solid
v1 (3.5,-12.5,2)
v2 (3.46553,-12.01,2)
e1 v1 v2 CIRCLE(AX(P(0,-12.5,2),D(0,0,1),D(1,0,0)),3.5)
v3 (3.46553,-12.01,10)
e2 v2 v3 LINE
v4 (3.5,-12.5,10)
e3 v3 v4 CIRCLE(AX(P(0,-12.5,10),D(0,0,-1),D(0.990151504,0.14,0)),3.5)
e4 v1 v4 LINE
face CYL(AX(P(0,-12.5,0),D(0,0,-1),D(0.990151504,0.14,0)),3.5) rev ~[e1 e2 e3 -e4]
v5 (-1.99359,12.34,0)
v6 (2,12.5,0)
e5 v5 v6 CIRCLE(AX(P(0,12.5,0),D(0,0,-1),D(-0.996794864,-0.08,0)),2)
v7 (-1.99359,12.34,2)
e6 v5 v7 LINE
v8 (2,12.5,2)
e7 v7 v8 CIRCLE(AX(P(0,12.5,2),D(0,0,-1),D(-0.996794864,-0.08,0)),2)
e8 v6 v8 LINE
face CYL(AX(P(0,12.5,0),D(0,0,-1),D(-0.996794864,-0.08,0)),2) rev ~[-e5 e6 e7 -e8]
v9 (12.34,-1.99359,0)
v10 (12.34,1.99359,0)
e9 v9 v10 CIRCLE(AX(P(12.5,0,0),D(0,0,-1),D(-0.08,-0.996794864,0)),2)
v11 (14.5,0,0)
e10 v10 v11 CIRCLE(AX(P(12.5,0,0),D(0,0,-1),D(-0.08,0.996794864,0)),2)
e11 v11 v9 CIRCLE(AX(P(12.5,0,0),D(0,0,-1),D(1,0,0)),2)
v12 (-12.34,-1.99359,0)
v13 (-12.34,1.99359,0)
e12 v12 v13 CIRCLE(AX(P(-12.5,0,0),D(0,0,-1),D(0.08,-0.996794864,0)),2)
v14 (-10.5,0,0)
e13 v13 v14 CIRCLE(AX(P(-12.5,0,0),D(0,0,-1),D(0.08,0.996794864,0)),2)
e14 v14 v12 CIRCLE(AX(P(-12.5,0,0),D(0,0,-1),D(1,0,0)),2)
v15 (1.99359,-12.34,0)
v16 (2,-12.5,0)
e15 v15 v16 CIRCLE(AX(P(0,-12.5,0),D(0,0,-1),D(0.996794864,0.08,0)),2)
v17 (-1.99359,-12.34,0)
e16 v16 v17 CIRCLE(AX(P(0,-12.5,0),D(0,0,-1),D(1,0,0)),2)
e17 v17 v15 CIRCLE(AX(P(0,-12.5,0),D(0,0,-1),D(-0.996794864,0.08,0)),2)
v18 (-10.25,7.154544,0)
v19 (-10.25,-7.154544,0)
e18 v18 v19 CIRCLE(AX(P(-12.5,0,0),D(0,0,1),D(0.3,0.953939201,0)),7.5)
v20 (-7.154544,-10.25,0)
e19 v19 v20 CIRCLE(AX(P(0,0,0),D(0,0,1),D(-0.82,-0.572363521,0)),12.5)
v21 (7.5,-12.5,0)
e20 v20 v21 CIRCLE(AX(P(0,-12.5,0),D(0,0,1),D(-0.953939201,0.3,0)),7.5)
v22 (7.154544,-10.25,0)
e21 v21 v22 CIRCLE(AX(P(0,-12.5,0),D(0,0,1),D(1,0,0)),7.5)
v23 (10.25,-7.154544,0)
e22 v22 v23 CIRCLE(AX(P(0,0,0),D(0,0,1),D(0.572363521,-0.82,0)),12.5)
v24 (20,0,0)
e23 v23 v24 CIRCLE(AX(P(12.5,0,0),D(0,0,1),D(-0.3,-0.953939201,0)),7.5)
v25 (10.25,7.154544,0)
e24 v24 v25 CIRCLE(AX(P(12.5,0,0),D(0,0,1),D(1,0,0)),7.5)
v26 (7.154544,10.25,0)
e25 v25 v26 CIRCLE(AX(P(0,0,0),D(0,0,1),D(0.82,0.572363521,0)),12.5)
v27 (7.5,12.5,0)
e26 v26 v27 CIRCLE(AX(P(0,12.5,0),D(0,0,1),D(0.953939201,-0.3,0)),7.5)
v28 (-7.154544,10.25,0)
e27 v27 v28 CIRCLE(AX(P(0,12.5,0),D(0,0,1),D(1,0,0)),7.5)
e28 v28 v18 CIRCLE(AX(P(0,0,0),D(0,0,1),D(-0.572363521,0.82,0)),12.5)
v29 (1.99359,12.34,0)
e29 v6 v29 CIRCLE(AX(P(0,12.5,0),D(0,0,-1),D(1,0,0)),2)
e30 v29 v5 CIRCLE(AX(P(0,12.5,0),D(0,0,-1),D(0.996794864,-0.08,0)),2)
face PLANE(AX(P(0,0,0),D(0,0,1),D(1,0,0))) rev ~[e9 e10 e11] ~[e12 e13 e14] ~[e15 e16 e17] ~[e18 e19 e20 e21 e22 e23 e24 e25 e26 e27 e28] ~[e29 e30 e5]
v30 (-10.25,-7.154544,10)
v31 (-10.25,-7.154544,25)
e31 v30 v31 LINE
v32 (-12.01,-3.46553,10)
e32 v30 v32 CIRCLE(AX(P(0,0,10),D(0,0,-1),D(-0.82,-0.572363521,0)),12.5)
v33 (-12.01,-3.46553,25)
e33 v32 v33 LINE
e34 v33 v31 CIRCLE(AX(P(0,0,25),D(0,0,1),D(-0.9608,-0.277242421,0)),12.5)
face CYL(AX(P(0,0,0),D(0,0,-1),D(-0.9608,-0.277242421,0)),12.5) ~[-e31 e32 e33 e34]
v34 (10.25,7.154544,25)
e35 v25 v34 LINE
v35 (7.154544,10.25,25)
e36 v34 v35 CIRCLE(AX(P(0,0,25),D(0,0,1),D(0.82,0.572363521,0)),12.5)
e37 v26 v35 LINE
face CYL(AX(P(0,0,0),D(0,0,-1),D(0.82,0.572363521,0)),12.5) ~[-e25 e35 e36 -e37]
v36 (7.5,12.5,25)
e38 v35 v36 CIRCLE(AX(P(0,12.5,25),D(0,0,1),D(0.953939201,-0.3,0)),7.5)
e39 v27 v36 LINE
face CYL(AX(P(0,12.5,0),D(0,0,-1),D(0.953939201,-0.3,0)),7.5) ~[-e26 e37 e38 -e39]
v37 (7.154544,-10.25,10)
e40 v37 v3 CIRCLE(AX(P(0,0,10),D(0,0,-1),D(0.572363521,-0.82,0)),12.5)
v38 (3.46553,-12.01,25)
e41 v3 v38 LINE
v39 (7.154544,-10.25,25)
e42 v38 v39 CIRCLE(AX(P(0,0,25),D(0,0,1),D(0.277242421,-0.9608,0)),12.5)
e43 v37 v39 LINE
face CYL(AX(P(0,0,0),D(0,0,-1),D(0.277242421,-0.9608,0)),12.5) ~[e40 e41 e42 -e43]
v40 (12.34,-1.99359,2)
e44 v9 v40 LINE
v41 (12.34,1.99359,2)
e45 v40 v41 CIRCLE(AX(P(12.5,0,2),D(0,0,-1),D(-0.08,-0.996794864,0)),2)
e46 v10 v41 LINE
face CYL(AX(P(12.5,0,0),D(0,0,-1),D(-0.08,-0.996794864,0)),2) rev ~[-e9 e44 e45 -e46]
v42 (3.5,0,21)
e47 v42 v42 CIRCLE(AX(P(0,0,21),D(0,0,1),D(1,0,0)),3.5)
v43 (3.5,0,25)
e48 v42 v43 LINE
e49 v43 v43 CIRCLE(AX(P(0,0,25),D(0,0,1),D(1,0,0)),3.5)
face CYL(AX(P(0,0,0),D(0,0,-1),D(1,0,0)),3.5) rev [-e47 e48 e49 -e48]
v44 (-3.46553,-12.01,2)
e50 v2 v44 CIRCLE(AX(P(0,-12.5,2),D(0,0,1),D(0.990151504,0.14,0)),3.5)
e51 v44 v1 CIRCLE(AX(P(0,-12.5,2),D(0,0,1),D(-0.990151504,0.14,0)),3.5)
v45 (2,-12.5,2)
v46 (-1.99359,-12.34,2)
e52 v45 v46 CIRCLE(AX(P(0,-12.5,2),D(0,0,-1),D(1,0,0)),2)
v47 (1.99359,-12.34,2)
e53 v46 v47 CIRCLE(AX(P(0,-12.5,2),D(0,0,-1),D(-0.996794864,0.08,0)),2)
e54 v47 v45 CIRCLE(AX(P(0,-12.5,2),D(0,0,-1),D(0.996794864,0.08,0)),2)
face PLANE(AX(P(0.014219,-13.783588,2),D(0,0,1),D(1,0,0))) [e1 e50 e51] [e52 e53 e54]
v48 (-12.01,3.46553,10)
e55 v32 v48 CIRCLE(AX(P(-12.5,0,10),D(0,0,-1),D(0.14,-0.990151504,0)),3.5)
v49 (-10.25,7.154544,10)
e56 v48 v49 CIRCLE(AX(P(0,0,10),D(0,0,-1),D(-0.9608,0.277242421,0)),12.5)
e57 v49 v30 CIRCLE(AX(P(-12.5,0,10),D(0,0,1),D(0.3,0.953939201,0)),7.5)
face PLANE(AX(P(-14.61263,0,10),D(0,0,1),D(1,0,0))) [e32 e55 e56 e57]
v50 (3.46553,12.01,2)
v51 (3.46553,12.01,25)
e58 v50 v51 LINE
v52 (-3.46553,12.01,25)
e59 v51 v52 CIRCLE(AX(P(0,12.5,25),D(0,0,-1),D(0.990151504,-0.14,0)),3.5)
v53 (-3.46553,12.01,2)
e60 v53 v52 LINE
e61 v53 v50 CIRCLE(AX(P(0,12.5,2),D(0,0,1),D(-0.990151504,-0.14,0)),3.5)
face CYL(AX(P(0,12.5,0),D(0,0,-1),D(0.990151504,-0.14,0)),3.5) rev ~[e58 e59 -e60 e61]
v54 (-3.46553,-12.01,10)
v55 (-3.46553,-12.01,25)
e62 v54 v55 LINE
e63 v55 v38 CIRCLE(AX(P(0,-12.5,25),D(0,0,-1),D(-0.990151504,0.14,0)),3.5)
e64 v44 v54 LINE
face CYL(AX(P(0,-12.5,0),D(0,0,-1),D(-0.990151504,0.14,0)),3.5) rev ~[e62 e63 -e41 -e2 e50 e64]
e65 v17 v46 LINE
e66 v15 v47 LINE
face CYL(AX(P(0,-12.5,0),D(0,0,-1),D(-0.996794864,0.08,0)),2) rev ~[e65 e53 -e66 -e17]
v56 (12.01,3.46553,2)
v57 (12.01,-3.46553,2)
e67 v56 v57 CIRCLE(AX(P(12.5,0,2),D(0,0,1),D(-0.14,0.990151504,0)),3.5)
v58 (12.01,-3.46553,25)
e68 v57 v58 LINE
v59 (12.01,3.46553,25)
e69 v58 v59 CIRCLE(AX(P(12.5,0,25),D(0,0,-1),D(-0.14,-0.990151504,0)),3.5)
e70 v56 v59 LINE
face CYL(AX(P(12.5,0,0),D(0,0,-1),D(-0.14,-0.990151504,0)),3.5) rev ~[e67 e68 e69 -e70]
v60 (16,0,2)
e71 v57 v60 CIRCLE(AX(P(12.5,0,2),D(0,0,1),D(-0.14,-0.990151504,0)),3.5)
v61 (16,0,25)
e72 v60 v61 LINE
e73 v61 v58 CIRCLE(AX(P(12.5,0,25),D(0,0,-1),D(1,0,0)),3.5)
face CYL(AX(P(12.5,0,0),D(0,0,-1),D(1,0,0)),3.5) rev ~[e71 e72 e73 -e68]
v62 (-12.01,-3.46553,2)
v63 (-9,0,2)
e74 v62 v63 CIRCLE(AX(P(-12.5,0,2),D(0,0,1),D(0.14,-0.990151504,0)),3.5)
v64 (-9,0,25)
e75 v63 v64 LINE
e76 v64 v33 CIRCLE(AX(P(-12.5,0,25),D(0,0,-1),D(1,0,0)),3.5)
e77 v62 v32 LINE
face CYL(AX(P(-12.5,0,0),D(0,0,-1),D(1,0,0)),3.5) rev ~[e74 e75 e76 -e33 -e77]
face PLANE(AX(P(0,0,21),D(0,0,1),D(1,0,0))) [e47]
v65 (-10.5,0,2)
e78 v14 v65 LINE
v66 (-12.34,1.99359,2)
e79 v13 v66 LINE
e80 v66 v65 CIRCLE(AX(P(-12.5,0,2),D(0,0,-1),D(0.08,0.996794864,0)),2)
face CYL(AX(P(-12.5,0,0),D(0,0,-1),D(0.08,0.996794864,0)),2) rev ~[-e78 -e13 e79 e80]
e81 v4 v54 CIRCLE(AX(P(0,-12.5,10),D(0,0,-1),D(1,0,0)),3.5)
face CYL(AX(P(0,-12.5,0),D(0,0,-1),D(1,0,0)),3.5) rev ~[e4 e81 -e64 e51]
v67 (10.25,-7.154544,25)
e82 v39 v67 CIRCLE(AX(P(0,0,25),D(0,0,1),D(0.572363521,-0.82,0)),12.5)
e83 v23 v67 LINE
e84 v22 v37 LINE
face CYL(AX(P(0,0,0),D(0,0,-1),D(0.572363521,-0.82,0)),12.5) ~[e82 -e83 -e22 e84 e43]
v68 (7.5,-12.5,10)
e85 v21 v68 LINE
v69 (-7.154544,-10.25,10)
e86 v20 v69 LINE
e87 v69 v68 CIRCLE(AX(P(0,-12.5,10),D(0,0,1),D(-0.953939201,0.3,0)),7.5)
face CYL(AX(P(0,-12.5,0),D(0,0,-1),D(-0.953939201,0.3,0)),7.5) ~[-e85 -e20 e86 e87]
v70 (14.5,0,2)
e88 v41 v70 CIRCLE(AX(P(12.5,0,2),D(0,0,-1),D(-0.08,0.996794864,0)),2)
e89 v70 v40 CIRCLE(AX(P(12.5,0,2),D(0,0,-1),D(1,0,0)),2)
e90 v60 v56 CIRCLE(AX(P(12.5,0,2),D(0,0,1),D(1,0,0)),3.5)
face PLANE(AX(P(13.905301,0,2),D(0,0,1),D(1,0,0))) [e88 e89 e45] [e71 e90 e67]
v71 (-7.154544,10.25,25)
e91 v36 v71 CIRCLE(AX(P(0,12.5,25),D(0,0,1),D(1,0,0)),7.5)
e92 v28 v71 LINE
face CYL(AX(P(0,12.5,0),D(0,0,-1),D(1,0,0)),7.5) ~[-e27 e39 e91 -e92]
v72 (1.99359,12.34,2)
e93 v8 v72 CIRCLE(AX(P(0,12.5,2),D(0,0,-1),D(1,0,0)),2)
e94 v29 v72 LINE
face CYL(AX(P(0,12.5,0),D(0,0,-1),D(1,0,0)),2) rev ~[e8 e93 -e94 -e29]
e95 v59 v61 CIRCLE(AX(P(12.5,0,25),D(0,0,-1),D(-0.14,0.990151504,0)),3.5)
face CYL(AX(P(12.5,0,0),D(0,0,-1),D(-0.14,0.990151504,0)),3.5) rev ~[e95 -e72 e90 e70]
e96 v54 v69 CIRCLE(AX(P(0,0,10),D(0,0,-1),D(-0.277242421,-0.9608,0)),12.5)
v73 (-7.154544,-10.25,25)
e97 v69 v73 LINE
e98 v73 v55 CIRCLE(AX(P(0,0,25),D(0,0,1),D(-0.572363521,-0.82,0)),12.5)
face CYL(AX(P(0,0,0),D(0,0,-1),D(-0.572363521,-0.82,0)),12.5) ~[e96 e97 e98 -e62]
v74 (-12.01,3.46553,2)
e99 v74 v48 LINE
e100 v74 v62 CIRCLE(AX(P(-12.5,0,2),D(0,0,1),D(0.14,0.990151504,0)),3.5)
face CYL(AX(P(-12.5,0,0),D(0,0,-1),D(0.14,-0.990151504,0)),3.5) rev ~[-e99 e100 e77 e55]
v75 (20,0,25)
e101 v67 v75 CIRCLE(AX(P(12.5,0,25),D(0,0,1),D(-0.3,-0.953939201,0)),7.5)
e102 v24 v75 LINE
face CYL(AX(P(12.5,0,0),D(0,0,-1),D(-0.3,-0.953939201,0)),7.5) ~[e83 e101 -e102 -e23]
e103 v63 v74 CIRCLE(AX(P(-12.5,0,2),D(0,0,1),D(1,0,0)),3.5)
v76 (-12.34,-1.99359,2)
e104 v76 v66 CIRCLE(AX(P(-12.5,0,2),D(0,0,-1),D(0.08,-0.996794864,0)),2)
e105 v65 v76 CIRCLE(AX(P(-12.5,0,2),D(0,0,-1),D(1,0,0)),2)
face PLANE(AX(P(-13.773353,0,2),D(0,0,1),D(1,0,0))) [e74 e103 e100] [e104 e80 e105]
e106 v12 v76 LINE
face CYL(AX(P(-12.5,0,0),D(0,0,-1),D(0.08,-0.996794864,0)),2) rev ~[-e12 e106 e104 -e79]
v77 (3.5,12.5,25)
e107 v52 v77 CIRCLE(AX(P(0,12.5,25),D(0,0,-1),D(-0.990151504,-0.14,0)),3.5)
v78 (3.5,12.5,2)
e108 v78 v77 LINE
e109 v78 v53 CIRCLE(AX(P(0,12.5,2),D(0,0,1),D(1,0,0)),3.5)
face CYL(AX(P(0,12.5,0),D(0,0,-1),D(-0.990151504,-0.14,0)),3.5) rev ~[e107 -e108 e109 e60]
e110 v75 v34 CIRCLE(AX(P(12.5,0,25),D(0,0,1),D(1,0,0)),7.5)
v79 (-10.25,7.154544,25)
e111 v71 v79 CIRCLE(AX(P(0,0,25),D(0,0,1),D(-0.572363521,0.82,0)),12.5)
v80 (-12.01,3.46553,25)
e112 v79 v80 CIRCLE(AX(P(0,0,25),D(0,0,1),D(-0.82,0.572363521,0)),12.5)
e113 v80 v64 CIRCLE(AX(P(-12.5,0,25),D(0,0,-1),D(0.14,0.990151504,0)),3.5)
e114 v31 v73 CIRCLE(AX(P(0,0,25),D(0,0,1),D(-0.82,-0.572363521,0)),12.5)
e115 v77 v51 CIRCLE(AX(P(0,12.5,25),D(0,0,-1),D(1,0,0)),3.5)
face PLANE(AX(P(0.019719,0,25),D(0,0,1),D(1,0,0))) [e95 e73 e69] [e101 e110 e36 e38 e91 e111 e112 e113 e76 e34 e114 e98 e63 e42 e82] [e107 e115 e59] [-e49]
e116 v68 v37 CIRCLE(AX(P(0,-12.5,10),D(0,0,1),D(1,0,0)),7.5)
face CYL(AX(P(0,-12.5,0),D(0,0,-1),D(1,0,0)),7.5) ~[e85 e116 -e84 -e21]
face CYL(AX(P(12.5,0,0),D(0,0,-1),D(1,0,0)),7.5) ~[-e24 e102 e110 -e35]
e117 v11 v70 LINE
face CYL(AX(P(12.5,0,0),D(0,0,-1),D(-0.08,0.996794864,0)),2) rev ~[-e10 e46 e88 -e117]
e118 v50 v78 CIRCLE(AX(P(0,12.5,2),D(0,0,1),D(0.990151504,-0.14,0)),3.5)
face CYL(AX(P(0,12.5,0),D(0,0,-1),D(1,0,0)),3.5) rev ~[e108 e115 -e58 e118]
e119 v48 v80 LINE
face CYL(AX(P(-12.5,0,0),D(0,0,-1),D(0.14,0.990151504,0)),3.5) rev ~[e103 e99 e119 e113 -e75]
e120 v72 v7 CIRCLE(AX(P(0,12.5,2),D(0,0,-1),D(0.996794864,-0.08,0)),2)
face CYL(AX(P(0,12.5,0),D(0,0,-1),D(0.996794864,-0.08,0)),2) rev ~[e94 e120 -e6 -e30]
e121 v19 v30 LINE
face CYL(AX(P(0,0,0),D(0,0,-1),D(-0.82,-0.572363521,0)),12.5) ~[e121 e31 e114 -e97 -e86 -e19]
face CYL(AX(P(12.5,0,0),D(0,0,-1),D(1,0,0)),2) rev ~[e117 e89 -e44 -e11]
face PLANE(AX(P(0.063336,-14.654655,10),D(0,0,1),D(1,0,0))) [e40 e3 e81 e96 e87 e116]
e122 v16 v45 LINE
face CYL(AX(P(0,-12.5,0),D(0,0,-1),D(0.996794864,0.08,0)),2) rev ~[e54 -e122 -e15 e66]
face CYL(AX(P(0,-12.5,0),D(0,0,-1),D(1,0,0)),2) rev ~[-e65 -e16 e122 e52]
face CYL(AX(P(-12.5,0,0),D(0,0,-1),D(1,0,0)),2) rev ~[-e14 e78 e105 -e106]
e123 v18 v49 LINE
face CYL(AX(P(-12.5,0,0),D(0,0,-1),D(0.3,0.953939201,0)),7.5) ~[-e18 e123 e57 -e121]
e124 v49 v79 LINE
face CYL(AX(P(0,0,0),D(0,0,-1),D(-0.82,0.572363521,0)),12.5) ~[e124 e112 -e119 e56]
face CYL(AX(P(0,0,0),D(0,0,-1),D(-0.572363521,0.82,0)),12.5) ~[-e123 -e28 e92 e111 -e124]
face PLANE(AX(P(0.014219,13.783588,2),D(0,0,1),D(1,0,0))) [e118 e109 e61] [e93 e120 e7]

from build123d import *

# Parameters (mm, degrees)
F0_R     = 3.5
F1_DEPTH = 25
F2_DEPTH = 2
F3_DEPTH = 10
F4_DEPTH = 21


with BuildPart() as f1:
    # F0 (on Top) → F1 (new body)
    with BuildSketch(Plane.XY):
        with BuildLine():
            ThreePointArc((10.25, -7.1545440106), (5, 0), (10.25, 7.1545440106))
            ThreePointArc((10.25, 7.1545440106), (8.8388347648, 8.8388347648), (7.1545440106, 10.25))
            ThreePointArc((7.1545440106, 10.25), (0, 5), (-7.1545440106, 10.25))
            ThreePointArc((-7.1545440106, 10.25), (-8.8388347648, 8.8388347648), (-10.25, 7.1545440106))
            ThreePointArc((-10.25, 7.1545440106), (-6.4533066888, 4.4370598373), (-5, 0))
            ThreePointArc((-5, 0), (-6.4533066888, -4.4370598373), (-10.25, -7.1545440106))
            ThreePointArc((-10.25, -7.1545440106), (-8.8388347648, -8.8388347648), (-7.1545440106, -10.25))
            ThreePointArc((-7.1545440106, -10.25), (0, -5), (7.1545440106, -10.25))
            ThreePointArc((7.1545440106, -10.25), (8.8388347648, -8.8388347648), (10.25, -7.1545440106))
        make_face()
        Circle(F0_R, mode=Mode.SUBTRACT)
        with BuildLine():
            ThreePointArc((-7.1545440106, 10.25), (0, 5), (7.1545440106, 10.25))
            ThreePointArc((7.1545440106, 10.25), (5.3824617408, 11.2818041823), (3.4655302625, 12.01))
            ThreePointArc((3.4655302625, 12.01), (0, 9), (-3.4655302625, 12.01))
            ThreePointArc((-3.4655302625, 12.01), (-5.3824617408, 11.2818041823), (-7.1545440106, 10.25))
        make_face()
        with BuildLine():
            ThreePointArc((-5, 0), (-6.4533066888, 4.4370598373), (-10.25, 7.1545440106))
            ThreePointArc((-10.25, 7.1545440106), (-11.2818041823, 5.3824617408), (-12.01, 3.4655302625))
            ThreePointArc((-12.01, 3.4655302625), (-9.8575579477, 2.2951034835), (-9, 0))
            ThreePointArc((-9, 0), (-9.8575579477, -2.2951034835), (-12.01, -3.4655302625))
            ThreePointArc((-12.01, -3.4655302625), (-11.2818041823, -5.3824617408), (-10.25, -7.1545440106))
            ThreePointArc((-10.25, -7.1545440106), (-6.4533066888, -4.4370598373), (-5, 0))
        make_face()
        with BuildLine():
            ThreePointArc((3.4655302625, -12.01), (5.3824617408, -11.2818041823), (7.1545440106, -10.25))
            ThreePointArc((7.1545440106, -10.25), (0, -5), (-7.1545440106, -10.25))
            ThreePointArc((-7.1545440106, -10.25), (-5.3824617408, -11.2818041823), (-3.4655302625, -12.01))
            ThreePointArc((-3.4655302625, -12.01), (0, -9), (3.4655302625, -12.01))
        make_face()
        with BuildLine():
            ThreePointArc((12.01, -3.4655302625), (9, 0), (12.01, 3.4655302625))
            ThreePointArc((12.01, 3.4655302625), (11.2818041823, 5.3824617408), (10.25, 7.1545440106))
            ThreePointArc((10.25, 7.1545440106), (5, 0), (10.25, -7.1545440106))
            ThreePointArc((10.25, -7.1545440106), (11.2818041823, -5.3824617408), (12.01, -3.4655302625))
        make_face()
        with BuildLine():
            ThreePointArc((10.25, 7.1545440106), (11.2818041823, 5.3824617408), (12.01, 3.4655302625))
            ThreePointArc((12.01, 3.4655302625), (14.7951034835, 2.6424420523), (16, 0))
            ThreePointArc((16, 0), (14.7951034835, -2.6424420523), (12.01, -3.4655302625))
            ThreePointArc((12.01, -3.4655302625), (11.2818041823, -5.3824617408), (10.25, -7.1545440106))
            ThreePointArc((10.25, -7.1545440106), (16.9370598373, -6.0466933112), (20, 0))
            ThreePointArc((20, 0), (16.9370598373, 6.0466933112), (10.25, 7.1545440106))
        make_face()
        with BuildLine():
            ThreePointArc((3.4655302625, 12.01), (5.3824617408, 11.2818041823), (7.1545440106, 10.25))
            ThreePointArc((7.1545440106, 10.25), (7.4131329436, 11.3618172554), (7.5, 12.5))
            ThreePointArc((7.5, 12.5), (-1.1381827446, 19.9131329436), (-7.1545440106, 10.25))
            ThreePointArc((-7.1545440106, 10.25), (-5.3824617408, 11.2818041823), (-3.4655302625, 12.01))
            ThreePointArc((-3.4655302625, 12.01), (-0.2456054574, 15.9913719308), (3.5, 12.5))
            ThreePointArc((3.5, 12.5), (3.4913719308, 12.2543945426), (3.4655302625, 12.01))
        make_face()
    extrude(amount=F1_DEPTH)

    # F0 (on Top) → F2 (join)
    with BuildSketch(Plane.XY):
        with BuildLine():
            ThreePointArc((3.5, -12.5), (3.4913719308, -12.2543945426), (3.4655302625, -12.01))
            ThreePointArc((3.4655302625, -12.01), (2.7345425148, -12.1972241611), (1.9935897271, -12.34))
            ThreePointArc((1.9935897271, -12.34), (1.9983967892, -12.4199358201), (2, -12.5))
            ThreePointArc((2, -12.5), (-0.0800641799, -14.4983967892), (-1.9935897271, -12.34))
            ThreePointArc((-1.9935897271, -12.34), (-2.7345425148, -12.1972241611), (-3.4655302625, -12.01))
            ThreePointArc((-3.4655302625, -12.01), (-0.2456054574, -15.9913719308), (3.5, -12.5))
        make_face()
        with BuildLine():
            ThreePointArc((1.9935897271, -12.34), (2.7345425148, -12.1972241611), (3.4655302625, -12.01))
            ThreePointArc((3.4655302625, -12.01), (0, -9), (-3.4655302625, -12.01))
            ThreePointArc((-3.4655302625, -12.01), (-2.7345425148, -12.1972241611), (-1.9935897271, -12.34))
            ThreePointArc((-1.9935897271, -12.34), (0, -10.5), (1.9935897271, -12.34))
        make_face()
        with BuildLine():
            ThreePointArc((-12.34, 1.9935897271), (-12.1972241611, 2.7345425148), (-12.01, 3.4655302625))
            ThreePointArc((-12.01, 3.4655302625), (-16, 0), (-12.01, -3.4655302625))
            ThreePointArc((-12.01, -3.4655302625), (-12.1972241611, -2.7345425148), (-12.34, -1.9935897271))
            ThreePointArc((-12.34, -1.9935897271), (-14.5, 0), (-12.34, 1.9935897271))
        make_face()
        with BuildLine():
            ThreePointArc((-9, 0), (-9.8575579477, 2.2951034835), (-12.01, 3.4655302625))
            ThreePointArc((-12.01, 3.4655302625), (-12.1972241611, 2.7345425148), (-12.34, 1.9935897271))
            ThreePointArc((-12.34, 1.9935897271), (-11.0303061543, 1.3564659966), (-10.5, 0))
            ThreePointArc((-10.5, 0), (-11.0303061543, -1.3564659966), (-12.34, -1.9935897271))
            ThreePointArc((-12.34, -1.9935897271), (-12.1972241611, -2.7345425148), (-12.01, -3.4655302625))
            ThreePointArc((-12.01, -3.4655302625), (-9.8575579477, -2.2951034835), (-9, 0))
        make_face()
        with BuildLine():
            ThreePointArc((1.9935897271, 12.34), (2.7345425148, 12.1972241611), (3.4655302625, 12.01))
            ThreePointArc((3.4655302625, 12.01), (3.4913719308, 12.2543945426), (3.5, 12.5))
            ThreePointArc((3.5, 12.5), (-0.2456054574, 15.9913719308), (-3.4655302625, 12.01))
            ThreePointArc((-3.4655302625, 12.01), (-2.7345425148, 12.1972241611), (-1.9935897271, 12.34))
            ThreePointArc((-1.9935897271, 12.34), (-0.0800641799, 14.4983967892), (2, 12.5))
            ThreePointArc((2, 12.5), (1.9983967892, 12.4199358201), (1.9935897271, 12.34))
        make_face()
        with BuildLine():
            ThreePointArc((-3.4655302625, 12.01), (0, 9), (3.4655302625, 12.01))
            ThreePointArc((3.4655302625, 12.01), (2.7345425148, 12.1972241611), (1.9935897271, 12.34))
            ThreePointArc((1.9935897271, 12.34), (0, 10.5), (-1.9935897271, 12.34))
            ThreePointArc((-1.9935897271, 12.34), (-2.7345425148, 12.1972241611), (-3.4655302625, 12.01))
        make_face()
        with BuildLine():
            ThreePointArc((12.01, 3.4655302625), (12.1972241611, 2.7345425148), (12.34, 1.9935897271))
            ThreePointArc((12.34, 1.9935897271), (13.8564659966, 1.4696938457), (14.5, 0))
            ThreePointArc((14.5, 0), (13.8564659966, -1.4696938457), (12.34, -1.9935897271))
            ThreePointArc((12.34, -1.9935897271), (12.1972241611, -2.7345425148), (12.01, -3.4655302625))
            ThreePointArc((12.01, -3.4655302625), (14.7951034835, -2.6424420523), (16, 0))
            ThreePointArc((16, 0), (14.7951034835, 2.6424420523), (12.01, 3.4655302625))
        make_face()
        with BuildLine():
            ThreePointArc((12.34, -1.9935897271), (10.5, 0), (12.34, 1.9935897271))
            ThreePointArc((12.34, 1.9935897271), (12.1972241611, 2.7345425148), (12.01, 3.4655302625))
            ThreePointArc((12.01, 3.4655302625), (9, 0), (12.01, -3.4655302625))
            ThreePointArc((12.01, -3.4655302625), (12.1972241611, -2.7345425148), (12.34, -1.9935897271))
        make_face()
    extrude(amount=F2_DEPTH)

    # F0 (on Top) → F3 (join)
    with BuildSketch(Plane.XY):
        with BuildLine():
            ThreePointArc((-12.01, 3.4655302625), (-11.2818041823, 5.3824617408), (-10.25, 7.1545440106))
            ThreePointArc((-10.25, 7.1545440106), (-20, 0), (-10.25, -7.1545440106))
            ThreePointArc((-10.25, -7.1545440106), (-11.2818041823, -5.3824617408), (-12.01, -3.4655302625))
            ThreePointArc((-12.01, -3.4655302625), (-16, 0), (-12.01, 3.4655302625))
        make_face()
        with BuildLine():
            ThreePointArc((7.5, -12.5), (7.4131329436, -11.3618172554), (7.1545440106, -10.25))
            ThreePointArc((7.1545440106, -10.25), (5.3824617408, -11.2818041823), (3.4655302625, -12.01))
            ThreePointArc((3.4655302625, -12.01), (3.4913719308, -12.2543945426), (3.5, -12.5))
            ThreePointArc((3.5, -12.5), (-0.2456054574, -15.9913719308), (-3.4655302625, -12.01))
            ThreePointArc((-3.4655302625, -12.01), (-5.3824617408, -11.2818041823), (-7.1545440106, -10.25))
            ThreePointArc((-7.1545440106, -10.25), (-1.1381827446, -19.9131329436), (7.5, -12.5))
        make_face()
    extrude(amount=F3_DEPTH)

    # F0 (on Top) → F4 (join)
    with BuildSketch(Plane.XY):
        Circle(F0_R)
    extrude(amount=F4_DEPTH)


solid = f1.part
